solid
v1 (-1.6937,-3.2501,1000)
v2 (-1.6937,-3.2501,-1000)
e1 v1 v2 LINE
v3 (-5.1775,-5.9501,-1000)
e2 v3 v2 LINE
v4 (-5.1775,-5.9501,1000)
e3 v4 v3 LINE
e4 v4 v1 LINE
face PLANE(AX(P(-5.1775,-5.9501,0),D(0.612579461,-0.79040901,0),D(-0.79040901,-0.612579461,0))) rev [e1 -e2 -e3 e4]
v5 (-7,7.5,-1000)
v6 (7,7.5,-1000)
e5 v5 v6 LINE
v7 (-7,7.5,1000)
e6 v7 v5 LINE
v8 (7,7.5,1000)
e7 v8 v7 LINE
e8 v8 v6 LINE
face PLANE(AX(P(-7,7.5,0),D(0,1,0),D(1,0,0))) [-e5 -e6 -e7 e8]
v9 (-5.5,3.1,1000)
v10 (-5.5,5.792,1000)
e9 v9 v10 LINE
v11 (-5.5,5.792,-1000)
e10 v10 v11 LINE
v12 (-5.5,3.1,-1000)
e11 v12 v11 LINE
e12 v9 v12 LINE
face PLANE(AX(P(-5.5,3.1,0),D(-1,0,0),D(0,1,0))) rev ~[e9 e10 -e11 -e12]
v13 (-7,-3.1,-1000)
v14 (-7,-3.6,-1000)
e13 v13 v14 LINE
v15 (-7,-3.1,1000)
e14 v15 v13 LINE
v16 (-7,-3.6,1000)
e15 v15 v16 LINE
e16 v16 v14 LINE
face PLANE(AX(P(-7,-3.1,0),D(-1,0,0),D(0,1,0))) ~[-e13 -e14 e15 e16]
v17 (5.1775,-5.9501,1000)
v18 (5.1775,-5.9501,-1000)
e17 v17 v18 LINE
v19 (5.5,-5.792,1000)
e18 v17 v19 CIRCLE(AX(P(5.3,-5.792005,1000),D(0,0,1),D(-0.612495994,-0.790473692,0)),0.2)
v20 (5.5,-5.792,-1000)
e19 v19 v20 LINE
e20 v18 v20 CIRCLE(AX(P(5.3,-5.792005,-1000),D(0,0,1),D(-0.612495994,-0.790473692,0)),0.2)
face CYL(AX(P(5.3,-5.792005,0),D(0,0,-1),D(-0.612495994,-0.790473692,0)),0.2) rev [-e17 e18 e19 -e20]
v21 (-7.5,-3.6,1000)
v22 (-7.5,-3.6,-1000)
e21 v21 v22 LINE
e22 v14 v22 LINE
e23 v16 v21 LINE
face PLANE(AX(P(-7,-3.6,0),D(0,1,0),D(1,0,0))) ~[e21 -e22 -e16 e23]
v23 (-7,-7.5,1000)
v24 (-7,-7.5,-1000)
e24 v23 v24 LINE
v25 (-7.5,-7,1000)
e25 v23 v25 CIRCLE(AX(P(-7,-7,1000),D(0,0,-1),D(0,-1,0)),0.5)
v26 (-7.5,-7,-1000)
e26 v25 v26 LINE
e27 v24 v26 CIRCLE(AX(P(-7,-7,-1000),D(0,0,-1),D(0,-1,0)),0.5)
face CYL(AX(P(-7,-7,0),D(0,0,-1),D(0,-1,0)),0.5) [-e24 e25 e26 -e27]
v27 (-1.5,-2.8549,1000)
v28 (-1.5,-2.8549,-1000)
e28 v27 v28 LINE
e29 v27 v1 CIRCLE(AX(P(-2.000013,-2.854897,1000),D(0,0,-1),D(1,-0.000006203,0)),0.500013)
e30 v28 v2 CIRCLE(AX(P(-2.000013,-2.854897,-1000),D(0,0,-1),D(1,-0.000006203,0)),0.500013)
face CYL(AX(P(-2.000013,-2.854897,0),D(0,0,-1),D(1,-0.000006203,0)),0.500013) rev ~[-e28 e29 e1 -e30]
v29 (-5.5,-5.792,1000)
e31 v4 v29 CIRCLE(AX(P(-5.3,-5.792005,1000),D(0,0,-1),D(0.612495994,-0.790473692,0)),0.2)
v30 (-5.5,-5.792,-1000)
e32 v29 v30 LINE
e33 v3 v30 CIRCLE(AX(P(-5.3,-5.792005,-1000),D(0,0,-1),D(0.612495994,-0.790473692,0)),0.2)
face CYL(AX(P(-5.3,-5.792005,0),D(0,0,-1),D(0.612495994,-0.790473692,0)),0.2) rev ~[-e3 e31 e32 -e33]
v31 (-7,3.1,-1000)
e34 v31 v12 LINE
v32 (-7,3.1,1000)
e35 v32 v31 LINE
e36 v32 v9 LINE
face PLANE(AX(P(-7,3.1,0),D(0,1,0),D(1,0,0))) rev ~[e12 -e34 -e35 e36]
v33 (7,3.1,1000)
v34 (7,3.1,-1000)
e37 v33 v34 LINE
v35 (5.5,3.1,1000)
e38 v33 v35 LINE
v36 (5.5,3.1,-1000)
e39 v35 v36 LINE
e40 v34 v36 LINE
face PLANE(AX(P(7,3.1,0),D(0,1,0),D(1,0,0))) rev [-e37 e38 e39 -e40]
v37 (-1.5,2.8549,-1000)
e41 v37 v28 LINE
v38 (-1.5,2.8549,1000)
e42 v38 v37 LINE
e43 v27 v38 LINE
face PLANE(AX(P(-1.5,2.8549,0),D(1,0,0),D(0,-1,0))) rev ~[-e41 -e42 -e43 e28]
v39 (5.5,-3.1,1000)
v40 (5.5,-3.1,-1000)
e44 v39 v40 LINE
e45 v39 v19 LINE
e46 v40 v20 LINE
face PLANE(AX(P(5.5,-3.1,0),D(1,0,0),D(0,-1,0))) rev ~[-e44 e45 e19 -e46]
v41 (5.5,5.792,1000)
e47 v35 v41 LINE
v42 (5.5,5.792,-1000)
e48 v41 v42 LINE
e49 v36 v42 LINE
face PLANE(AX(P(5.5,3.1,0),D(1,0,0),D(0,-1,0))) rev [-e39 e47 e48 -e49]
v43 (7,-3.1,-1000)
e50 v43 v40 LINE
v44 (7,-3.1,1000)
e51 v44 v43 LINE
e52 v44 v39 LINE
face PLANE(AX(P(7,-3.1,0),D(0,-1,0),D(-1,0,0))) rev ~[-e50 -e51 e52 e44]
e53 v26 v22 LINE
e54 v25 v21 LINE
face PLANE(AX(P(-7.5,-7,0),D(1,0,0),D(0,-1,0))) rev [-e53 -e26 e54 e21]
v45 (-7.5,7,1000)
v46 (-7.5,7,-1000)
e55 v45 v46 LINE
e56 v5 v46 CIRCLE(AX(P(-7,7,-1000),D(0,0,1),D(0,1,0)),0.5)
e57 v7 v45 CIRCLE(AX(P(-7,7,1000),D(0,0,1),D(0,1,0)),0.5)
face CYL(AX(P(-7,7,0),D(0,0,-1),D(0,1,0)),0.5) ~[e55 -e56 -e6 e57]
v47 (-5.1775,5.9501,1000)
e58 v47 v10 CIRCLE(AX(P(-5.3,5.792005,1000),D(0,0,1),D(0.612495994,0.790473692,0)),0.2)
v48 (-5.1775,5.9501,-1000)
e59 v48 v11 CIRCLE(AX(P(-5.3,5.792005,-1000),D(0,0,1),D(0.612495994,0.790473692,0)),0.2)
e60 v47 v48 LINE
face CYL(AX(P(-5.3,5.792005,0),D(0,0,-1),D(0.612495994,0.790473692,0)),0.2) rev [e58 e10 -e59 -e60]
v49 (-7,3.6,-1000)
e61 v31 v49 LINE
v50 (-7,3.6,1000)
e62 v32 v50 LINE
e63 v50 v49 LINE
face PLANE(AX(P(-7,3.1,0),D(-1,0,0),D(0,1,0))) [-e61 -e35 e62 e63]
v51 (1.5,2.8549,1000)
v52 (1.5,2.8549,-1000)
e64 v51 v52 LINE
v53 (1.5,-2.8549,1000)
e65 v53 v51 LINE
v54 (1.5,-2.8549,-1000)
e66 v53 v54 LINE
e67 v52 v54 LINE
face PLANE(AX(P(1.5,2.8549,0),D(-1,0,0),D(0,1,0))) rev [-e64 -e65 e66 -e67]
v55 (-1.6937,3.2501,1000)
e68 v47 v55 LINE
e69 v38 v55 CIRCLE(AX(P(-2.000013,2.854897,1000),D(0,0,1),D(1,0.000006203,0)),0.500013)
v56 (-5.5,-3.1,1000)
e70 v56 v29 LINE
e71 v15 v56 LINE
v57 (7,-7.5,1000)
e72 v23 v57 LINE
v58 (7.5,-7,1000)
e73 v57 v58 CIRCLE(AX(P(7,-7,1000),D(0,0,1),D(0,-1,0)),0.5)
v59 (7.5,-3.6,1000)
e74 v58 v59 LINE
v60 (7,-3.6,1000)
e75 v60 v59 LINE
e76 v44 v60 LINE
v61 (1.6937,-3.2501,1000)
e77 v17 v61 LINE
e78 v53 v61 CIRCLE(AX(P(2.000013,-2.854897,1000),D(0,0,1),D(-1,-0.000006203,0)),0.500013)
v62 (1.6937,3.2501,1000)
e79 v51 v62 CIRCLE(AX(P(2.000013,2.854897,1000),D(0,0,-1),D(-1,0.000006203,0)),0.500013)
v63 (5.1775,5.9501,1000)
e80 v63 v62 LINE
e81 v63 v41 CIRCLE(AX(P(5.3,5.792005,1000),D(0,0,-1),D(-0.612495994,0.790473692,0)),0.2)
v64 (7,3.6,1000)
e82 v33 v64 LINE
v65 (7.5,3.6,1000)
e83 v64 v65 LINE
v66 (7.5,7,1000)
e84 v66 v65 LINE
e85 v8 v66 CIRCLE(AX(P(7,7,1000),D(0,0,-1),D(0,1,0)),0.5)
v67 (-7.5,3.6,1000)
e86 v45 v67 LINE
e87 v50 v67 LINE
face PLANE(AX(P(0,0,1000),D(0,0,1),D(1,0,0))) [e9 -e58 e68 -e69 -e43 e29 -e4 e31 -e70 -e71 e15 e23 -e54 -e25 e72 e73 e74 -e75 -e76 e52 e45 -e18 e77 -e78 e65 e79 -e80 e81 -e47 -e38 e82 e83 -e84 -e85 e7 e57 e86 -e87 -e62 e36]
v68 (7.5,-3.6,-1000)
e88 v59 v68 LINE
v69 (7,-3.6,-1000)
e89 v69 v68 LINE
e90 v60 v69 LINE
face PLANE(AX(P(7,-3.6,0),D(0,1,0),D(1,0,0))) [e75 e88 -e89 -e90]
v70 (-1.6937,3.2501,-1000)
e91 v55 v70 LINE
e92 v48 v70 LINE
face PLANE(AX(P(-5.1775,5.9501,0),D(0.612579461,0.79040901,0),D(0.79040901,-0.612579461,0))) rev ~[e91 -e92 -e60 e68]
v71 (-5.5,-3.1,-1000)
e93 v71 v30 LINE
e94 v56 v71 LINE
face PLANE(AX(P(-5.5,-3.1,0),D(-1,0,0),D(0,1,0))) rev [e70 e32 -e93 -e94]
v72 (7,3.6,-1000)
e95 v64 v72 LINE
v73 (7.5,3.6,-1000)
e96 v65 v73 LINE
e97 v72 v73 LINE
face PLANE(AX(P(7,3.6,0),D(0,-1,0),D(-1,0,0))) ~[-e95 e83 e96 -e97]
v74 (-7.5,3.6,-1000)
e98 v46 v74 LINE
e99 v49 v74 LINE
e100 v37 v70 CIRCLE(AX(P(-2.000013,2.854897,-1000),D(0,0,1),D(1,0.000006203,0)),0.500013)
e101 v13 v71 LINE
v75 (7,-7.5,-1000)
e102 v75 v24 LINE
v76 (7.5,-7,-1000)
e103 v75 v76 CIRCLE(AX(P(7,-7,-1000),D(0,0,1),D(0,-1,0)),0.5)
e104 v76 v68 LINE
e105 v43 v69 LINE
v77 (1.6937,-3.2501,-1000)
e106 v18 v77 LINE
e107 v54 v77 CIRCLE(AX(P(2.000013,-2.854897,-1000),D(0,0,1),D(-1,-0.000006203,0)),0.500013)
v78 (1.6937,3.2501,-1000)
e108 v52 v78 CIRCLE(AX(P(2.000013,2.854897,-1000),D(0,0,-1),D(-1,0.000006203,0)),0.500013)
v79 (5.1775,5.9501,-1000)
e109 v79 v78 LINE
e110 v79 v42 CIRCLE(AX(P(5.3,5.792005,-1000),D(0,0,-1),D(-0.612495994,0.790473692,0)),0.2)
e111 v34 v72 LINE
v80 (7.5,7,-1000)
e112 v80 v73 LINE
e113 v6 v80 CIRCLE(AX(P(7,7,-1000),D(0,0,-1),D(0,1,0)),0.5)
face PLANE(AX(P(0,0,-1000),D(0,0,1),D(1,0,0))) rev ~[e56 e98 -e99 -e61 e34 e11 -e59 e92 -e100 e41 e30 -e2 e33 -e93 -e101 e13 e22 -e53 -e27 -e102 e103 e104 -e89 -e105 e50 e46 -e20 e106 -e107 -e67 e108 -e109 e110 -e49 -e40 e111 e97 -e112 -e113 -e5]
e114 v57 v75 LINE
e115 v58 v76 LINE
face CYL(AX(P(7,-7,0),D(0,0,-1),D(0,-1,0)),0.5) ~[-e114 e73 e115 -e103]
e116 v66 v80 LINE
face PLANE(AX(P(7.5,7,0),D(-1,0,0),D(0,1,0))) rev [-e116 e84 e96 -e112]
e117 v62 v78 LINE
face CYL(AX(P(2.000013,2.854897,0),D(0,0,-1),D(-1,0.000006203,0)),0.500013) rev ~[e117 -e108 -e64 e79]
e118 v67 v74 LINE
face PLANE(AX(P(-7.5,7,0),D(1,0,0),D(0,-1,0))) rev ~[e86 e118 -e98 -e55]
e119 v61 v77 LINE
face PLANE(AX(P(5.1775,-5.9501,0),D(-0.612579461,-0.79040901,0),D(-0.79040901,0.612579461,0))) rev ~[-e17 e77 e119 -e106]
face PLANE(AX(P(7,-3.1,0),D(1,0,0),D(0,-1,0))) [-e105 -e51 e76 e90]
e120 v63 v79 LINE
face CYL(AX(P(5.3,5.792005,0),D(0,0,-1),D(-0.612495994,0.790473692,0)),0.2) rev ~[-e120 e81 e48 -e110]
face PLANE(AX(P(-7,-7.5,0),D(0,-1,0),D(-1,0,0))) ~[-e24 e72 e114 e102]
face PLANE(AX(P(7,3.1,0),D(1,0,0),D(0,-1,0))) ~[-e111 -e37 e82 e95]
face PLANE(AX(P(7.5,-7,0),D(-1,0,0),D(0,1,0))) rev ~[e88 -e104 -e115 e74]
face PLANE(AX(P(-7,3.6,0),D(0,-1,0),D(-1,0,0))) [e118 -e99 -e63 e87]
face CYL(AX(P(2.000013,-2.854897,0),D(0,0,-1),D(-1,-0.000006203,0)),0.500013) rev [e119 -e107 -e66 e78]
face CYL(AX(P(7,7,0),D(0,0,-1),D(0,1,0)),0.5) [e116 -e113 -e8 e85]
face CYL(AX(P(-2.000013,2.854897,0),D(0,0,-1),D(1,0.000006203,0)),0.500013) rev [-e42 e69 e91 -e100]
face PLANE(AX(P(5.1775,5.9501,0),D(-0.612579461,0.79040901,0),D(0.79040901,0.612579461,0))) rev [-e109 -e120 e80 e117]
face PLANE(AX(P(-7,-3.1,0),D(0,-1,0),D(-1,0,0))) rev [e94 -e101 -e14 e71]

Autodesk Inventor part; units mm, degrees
ref_plane "YZ Plane" through (0, 0, 0) normal (1, 0, 0) x (0, 1, 0)
ref_plane "XZ Plane" through (0, 0, 0) normal (0, 1, 0) x (-1, 0, 0)
ref_plane "XY Plane" through (0, 0, 0) normal (0, 0, 1) x (1, 0, 0)
sketch "Esboço1" plane through (0, 0, 0) normal (0, 0, 1) x (1, 0, 0)
  line L0 (7.5, 7.5) -> (-7.5, 7.5) construction
  line L1 (-7.5, 3.1) -> (-7.5, -3.1) construction
  line L2 (-7.5, 7.5) -> (-7.5, 3.1) construction
  line L3 (-7.5, 3.1) -> (-5.5, 3.1) construction
  line L4 (-5.5, 3.1) -> (-5.5, 6.2) construction
  line L5 (-5.5, 6.2) -> (-1.5, 3.1) construction
  line L6 (-1.5, 3.1) -> (-1.5, 0) construction
  line L7 (-1.5, 0) -> (0, 0)
  line L8 (0, 0) -> (0, 7.5)
  arc A0 (-7, 7.5) -> (-7.5, 7) centre (-7, 7) ccw
  line L9 (-7.5, 3.1) -> (-7, 3.1) construction
  line L10 (-7, 3.1) -> (-7, 3.6)
  line L11 (-7, 3.6) -> (-7.5, 3.6)
  line L12 (-7.5, 3.6) -> (-7.5, 3.1) construction
  line L13 (-7.5, 7) -> (-7.5, 3.6)
  line L14 (-7, 7.5) -> (0, 7.5)
  line L15 (-7, 3.1) -> (-5.5, 3.1)
  arc A1 (-5.1775, 5.9501) -> (-5.5, 5.792) centre (-5.3, 5.792) ccw
  line L16 (-5.5, 3.1) -> (-5.5, 5.792)
  arc A2 (-1.5, 2.8549) -> (-1.6937, 3.2501) centre (-2, 2.8549) ccw
  line L17 (-5.1775, 5.9501) -> (-1.6937, 3.2501)
  line L18 (-1.5, 2.8549) -> (-1.5, 0)
  point P0 (-7.5, 0)
  dimension "d0" = 15
  dimension "d1" = 6.2
  dimension "d2" = 7.5
  dimension "d4" = 2
  dimension "d5" = 6
  dimension "d7" = 3.1
  dimension "d10" = 0.5
  dimension "d11" = 0.5
  dimension "d12" = 0.2
  dimension "d13" = 0.5
extrude "Extrusão1" add sketch "Esboço1" along normal mid plane 2000
mirror "Espelhar1" about plane through (0, 0, 0) normal (1, 0, 0) of "Extrusão1"
mirror "Espelhar2" about plane through (0, 0, 0) normal (0, 1, 0) of "Extrusão1", "Espelhar1"
equation "\"d2\" = 0.5 * d0"
properties part number "15×15 2 slots profile_AST01501502" material "Alumínio 6061"
